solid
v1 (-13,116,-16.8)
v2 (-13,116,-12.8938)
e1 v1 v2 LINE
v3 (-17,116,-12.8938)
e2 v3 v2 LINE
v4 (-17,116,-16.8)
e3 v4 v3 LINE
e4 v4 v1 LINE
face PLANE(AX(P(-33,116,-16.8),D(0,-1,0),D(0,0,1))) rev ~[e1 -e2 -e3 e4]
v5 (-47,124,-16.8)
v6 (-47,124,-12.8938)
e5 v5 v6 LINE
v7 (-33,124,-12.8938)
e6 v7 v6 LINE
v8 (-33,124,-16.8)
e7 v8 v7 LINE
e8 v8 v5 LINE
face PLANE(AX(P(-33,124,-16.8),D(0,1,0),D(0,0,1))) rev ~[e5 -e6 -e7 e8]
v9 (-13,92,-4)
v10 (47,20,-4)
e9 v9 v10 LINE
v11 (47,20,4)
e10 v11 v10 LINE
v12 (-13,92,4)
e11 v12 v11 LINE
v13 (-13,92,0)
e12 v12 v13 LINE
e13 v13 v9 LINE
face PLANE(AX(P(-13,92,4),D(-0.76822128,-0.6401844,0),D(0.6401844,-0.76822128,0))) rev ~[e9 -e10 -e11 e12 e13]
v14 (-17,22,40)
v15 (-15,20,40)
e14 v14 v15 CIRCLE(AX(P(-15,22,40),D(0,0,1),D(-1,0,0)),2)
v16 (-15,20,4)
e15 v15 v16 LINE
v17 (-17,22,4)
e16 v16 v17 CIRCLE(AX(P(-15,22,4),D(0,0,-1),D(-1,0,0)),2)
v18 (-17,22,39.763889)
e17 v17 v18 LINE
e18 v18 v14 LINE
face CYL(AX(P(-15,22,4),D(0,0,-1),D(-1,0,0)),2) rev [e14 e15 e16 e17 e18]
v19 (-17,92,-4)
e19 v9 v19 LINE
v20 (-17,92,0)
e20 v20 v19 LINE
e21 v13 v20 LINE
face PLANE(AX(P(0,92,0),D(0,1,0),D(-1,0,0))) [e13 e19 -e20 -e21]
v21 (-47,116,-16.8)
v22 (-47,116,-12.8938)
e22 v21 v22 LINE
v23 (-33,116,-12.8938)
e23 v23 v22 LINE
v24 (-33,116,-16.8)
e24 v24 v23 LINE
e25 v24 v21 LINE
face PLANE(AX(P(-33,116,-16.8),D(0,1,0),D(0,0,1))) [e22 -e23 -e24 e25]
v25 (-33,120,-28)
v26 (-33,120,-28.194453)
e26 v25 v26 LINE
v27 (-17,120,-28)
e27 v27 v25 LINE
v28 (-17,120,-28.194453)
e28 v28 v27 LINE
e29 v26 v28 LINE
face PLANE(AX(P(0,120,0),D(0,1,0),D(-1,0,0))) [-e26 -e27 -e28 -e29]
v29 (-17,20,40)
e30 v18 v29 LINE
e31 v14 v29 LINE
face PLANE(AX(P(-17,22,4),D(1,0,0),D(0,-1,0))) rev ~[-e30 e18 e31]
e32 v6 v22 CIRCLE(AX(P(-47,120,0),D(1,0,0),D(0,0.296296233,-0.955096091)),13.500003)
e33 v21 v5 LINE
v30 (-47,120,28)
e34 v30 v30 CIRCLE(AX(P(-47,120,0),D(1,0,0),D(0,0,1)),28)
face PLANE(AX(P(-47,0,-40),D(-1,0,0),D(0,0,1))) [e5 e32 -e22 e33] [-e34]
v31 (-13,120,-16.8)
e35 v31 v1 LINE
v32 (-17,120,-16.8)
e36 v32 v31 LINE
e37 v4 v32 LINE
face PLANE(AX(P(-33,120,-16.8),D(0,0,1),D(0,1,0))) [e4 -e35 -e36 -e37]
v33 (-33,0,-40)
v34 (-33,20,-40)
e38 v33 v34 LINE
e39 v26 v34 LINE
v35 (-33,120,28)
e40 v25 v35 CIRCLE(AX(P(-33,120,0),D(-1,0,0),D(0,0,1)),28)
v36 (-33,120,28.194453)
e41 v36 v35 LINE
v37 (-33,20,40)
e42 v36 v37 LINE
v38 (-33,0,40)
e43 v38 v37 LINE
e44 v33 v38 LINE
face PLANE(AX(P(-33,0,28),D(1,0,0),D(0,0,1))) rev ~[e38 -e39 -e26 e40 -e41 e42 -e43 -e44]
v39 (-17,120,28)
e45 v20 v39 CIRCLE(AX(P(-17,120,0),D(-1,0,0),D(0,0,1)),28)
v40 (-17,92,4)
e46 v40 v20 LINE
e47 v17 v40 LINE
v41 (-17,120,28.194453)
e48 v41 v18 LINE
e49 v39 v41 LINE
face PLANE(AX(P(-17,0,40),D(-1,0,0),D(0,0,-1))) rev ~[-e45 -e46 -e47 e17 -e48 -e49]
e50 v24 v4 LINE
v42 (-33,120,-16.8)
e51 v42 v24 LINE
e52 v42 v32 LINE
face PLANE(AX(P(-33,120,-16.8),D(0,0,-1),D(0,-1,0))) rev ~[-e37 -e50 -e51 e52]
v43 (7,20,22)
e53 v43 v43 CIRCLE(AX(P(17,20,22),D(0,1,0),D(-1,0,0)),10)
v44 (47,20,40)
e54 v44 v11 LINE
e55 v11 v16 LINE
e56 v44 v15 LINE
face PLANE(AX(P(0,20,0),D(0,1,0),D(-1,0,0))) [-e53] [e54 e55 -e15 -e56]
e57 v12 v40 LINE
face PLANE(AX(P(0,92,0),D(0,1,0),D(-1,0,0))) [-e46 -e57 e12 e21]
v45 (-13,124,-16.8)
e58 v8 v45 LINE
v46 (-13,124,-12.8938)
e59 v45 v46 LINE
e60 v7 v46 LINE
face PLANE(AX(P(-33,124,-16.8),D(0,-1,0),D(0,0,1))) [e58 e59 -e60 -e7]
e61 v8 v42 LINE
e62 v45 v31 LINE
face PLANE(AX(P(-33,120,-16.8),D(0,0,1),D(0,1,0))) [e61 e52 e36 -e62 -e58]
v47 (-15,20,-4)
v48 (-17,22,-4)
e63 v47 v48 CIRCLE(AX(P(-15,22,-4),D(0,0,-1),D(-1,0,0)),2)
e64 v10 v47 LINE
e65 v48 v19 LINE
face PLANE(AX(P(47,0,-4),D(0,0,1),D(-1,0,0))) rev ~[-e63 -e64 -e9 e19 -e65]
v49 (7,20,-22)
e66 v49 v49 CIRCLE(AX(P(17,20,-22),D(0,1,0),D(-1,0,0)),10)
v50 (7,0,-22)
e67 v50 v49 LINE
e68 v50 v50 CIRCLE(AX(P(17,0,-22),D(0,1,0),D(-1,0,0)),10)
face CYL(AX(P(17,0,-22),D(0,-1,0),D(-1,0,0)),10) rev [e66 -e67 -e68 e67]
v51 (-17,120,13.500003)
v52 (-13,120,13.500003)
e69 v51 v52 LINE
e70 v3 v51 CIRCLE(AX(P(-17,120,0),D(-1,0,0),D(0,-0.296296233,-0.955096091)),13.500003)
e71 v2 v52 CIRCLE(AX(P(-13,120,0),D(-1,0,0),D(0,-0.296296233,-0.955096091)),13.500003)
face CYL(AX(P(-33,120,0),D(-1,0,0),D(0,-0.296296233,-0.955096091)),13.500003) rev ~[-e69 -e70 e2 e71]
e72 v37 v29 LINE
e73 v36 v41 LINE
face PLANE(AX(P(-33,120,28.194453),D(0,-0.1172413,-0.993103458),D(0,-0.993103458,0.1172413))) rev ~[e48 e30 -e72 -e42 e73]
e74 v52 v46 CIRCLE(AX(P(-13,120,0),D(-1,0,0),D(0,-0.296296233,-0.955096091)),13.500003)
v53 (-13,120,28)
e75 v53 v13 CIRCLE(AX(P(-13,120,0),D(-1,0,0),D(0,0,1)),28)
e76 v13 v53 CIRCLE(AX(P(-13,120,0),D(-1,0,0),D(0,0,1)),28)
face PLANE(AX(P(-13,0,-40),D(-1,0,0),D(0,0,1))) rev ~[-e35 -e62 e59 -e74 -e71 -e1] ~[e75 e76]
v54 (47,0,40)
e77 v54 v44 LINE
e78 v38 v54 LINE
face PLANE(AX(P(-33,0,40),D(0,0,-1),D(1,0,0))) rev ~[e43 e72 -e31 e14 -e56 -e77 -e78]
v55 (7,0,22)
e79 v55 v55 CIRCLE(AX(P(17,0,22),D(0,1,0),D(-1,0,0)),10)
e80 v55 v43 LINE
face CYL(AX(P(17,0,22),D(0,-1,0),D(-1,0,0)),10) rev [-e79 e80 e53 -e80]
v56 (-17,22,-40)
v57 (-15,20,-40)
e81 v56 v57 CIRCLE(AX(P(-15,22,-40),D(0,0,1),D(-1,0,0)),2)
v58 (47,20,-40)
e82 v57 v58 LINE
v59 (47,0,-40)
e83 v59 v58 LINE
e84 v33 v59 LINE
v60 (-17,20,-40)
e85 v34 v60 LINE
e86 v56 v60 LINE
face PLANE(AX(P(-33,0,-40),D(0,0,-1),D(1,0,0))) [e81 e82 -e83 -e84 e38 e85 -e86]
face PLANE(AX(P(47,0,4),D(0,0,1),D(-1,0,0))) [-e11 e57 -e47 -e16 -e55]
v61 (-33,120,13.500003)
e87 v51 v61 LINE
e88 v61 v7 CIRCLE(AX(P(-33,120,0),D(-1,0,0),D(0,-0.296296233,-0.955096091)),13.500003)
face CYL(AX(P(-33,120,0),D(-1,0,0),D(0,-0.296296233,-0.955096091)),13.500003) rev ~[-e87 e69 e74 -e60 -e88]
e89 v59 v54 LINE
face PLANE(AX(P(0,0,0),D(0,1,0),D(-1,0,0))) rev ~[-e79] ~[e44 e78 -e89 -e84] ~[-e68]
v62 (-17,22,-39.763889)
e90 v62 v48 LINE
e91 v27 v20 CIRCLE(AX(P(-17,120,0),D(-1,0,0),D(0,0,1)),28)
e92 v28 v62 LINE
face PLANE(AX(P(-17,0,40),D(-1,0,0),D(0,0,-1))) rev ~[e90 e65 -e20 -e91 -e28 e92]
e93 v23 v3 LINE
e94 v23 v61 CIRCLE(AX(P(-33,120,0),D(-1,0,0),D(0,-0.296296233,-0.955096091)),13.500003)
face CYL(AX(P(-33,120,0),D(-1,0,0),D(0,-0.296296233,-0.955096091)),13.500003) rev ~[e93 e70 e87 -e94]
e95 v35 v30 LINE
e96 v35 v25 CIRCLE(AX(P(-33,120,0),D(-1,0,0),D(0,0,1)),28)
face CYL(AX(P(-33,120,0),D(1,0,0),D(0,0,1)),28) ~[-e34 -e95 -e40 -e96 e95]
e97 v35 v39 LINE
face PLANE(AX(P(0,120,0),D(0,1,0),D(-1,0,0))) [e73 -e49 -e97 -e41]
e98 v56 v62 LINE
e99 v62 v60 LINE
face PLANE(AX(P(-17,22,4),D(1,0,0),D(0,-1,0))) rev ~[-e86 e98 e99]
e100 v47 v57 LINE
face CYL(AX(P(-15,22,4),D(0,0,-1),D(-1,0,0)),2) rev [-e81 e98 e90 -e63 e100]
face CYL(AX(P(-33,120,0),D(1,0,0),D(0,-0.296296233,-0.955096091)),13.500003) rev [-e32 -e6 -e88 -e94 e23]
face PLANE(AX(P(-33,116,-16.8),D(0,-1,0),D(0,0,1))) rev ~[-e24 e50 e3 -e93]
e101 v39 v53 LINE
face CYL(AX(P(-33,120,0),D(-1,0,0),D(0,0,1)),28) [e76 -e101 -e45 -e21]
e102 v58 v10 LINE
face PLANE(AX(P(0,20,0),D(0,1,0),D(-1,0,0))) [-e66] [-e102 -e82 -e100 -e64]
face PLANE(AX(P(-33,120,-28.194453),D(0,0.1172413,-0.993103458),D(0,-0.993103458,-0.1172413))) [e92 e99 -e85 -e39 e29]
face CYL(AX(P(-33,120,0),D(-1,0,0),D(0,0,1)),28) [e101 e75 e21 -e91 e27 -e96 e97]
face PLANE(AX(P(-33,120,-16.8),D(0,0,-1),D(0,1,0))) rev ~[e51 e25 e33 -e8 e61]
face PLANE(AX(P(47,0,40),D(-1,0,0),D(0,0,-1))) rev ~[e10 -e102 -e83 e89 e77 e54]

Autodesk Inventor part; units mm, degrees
ref_plane "YZ Plane" through (0, 0, 0) normal (1, 0, 0) x (0, 1, 0)
ref_plane "XZ Plane" through (0, 0, 0) normal (0, 1, 0) x (-1, 0, 0)
ref_plane "XY Plane" through (0, 0, 0) normal (0, 0, 1) x (1, 0, 0)
sketch "Boceto2" plane through (0, 0, 0) normal (0, 1, 0) x (-1, 0, 0)
  line L0 (0, 0) -> (0, 40) construction
  line L1 (0, 40) -> (-47, 40)
  line L2 (-47, 40) -> (-47, 0)
  line L3 (-47, 0) -> (-47, -40)
  line L4 (-47, 0) -> (-17, 0) construction
  line L5 (-17, 0) -> (-17, -22) construction
  circle A0 centre (-17, -22) radius 10
  line L6 (-17, 0) -> (-17, 22) construction
  circle A1 centre (-17, 22) radius 10
  line L7 (-47, 0) -> (-47, -4) construction
  line L8 (-47, -4) -> (13, -4)
  line L9 (-47, 0) -> (-47, 4) construction
  line L10 (17, 40) -> (17, 28)
  line L11 (17, -28) -> (17, -40)
  line L12 (33, -40) -> (33, -28)
  line L13 (-47, -40) -> (0, -40)
  line L14 (0, -40) -> (17, -40)
  line L15 (33, -40) -> (17, -40)
  line L16 (0, 40) -> (17, 40)
  line L17 (33, 28) -> (33, 40)
  line L18 (47, 40) -> (33, 40) construction
  line L19 (33, 40) -> (17, 40)
  line L20 (13, -40) -> (47, -40) construction
  line L21 (33, 28) -> (33, -28)
  line L22 (17, 28) -> (17, -28)
  line L23 (-47, 4) -> (17, 4)
  line L24 (13, -4) -> (17, -4)
  line L25 (47, -40) -> (47, 40) construction
  line L26 (-47, 0) -> (17, 0)
  dimension "d2" = 40
  dimension "d4" = 47
  dimension "d5" = 40
  dimension "d10" = 30
  dimension "d11" = 22
  dimension "d12" = 20
  dimension "d16" = 4
  dimension "d17" = 4
  dimension "d41" = 16
  dimension "d44" = 34
extrude "Extrusión5" add sketch "Boceto2" along normal blind 20 contours L16 L10 L22 L23 L2 L1 | L8 L24 L22 L11 L14 L13 L3
extrude "Extrusión8" add sketch "Boceto2" along normal blind 120 contours L19 L17 L21 L12 L15 L11 L22 L10
sketch "Boceto12" plane through (-33, 0, -40) normal (-1, 0, 0) x (0, 0, 1)
  line L0 (0, 20) -> (0, 120) projected
  line L1 (0, 0) -> (0, 20)
  line L2 (80, 0) -> (80, 20) projected
  line L3 (0, 20) -> (80, 20)
  line L4 (80, 20) -> (80, 0)
  line L5 (80, 0) -> (0, 0)
  line L6 (40, 0) -> (40, 120) construction
  circle A0 centre (40, 120) radius 28
  arc A1 (27.1062, 116) -> (27.1062, 124) centre (40, 120) ccw
  line L7 (12.1931, 123.2828) -> (0, 20)
  line L8 (67.8069, 123.2828) -> (80, 20)
  line L9 (0, 120) -> (80, 120) projected
  line L10 (53.5, 120) -> (23.2, 120) construction
  line L11 (23.2, 120) -> (23.2, 124)
  line L12 (23.2, 124) -> (27.1062, 124)
  line L13 (23.2, 120) -> (23.2, 116)
  line L14 (23.2, 116) -> (27.1062, 116)
  line L15 (80, 120) -> (0, 120) projected
  line L16 (80, 120) -> (80, 22.7295)
  line L17 (80, 20) -> (80, 120) projected
  point P0 (68, 120)
  point P1 (68.1944, 120)
  point P2 (11.8056, 120)
  dimension "d68" = 56
  dimension "d69" = 27
  dimension "d70" = 30.3
extrude "Extrusión9" add sketch "Boceto12" along normal blind 14 and the other way blind 20 contours A0 L9 A1 L12 L11 | L9 L13 L14 A1 A0
extrude "Extrusión10" cut sketch "Boceto12" against normal blind 30 contours L0 L9 L7 | L8 L9 L16 L17 | L9 A1 L14 L13
extrude "Extrusión13" add sketch "Boceto2" along normal blind 92 contours L23 L22 L26 L2 | L26 L22 L24 L8 L3
sketch "Boceto15" plane through (-17, 20, 4) normal (0, 0, 1) x (1, 0, 0)
  arc A0 (-16, 70) -> (-18, 72) centre (-18, 70) ccw
  arc A1 (0, 2) -> (2, 0) centre (2, 2) ccw
  arc A2 (2, 72) -> (0, 70) centre (2, 70) ccw
  line L0 (0, 72) -> (64, 72) projected
  line L1 (0, 100) -> (0, 0) projected
  line L2 (-16, 0) -> (-16, 100) projected
  line L3 (-30, 128) -> (-30, 72) projected
  line L4 (-30, 72) -> (-16, 72)
  line L5 (0, 0) -> (64, 0) projected
  line L6 (64, 72) -> (0, 72) projected
  line L7 (0, 72) -> (4, 72)
  line L8 (4, 72) -> (64, 0)
  line L9 (4, 72) -> (64, 72)
  line L10 (64, 72) -> (64, 0)
  point P0 (17, -20)
  point P1 (4, 72)
  dimension "d90" = 4
  dimension "d92" = 4
  dimension "d93" = 4
  dimension "d94" = 4
extrude "Extrusión14" cut sketch "Boceto15" against normal blind 20 contours L8 L0 L10
extrude "Extrusión15" add sketch "Boceto15" along normal blind 36 and the other way blind 44 contours A1 L5 L1
properties part number "Soporte_Tensor" material "Iron, Malleable"
